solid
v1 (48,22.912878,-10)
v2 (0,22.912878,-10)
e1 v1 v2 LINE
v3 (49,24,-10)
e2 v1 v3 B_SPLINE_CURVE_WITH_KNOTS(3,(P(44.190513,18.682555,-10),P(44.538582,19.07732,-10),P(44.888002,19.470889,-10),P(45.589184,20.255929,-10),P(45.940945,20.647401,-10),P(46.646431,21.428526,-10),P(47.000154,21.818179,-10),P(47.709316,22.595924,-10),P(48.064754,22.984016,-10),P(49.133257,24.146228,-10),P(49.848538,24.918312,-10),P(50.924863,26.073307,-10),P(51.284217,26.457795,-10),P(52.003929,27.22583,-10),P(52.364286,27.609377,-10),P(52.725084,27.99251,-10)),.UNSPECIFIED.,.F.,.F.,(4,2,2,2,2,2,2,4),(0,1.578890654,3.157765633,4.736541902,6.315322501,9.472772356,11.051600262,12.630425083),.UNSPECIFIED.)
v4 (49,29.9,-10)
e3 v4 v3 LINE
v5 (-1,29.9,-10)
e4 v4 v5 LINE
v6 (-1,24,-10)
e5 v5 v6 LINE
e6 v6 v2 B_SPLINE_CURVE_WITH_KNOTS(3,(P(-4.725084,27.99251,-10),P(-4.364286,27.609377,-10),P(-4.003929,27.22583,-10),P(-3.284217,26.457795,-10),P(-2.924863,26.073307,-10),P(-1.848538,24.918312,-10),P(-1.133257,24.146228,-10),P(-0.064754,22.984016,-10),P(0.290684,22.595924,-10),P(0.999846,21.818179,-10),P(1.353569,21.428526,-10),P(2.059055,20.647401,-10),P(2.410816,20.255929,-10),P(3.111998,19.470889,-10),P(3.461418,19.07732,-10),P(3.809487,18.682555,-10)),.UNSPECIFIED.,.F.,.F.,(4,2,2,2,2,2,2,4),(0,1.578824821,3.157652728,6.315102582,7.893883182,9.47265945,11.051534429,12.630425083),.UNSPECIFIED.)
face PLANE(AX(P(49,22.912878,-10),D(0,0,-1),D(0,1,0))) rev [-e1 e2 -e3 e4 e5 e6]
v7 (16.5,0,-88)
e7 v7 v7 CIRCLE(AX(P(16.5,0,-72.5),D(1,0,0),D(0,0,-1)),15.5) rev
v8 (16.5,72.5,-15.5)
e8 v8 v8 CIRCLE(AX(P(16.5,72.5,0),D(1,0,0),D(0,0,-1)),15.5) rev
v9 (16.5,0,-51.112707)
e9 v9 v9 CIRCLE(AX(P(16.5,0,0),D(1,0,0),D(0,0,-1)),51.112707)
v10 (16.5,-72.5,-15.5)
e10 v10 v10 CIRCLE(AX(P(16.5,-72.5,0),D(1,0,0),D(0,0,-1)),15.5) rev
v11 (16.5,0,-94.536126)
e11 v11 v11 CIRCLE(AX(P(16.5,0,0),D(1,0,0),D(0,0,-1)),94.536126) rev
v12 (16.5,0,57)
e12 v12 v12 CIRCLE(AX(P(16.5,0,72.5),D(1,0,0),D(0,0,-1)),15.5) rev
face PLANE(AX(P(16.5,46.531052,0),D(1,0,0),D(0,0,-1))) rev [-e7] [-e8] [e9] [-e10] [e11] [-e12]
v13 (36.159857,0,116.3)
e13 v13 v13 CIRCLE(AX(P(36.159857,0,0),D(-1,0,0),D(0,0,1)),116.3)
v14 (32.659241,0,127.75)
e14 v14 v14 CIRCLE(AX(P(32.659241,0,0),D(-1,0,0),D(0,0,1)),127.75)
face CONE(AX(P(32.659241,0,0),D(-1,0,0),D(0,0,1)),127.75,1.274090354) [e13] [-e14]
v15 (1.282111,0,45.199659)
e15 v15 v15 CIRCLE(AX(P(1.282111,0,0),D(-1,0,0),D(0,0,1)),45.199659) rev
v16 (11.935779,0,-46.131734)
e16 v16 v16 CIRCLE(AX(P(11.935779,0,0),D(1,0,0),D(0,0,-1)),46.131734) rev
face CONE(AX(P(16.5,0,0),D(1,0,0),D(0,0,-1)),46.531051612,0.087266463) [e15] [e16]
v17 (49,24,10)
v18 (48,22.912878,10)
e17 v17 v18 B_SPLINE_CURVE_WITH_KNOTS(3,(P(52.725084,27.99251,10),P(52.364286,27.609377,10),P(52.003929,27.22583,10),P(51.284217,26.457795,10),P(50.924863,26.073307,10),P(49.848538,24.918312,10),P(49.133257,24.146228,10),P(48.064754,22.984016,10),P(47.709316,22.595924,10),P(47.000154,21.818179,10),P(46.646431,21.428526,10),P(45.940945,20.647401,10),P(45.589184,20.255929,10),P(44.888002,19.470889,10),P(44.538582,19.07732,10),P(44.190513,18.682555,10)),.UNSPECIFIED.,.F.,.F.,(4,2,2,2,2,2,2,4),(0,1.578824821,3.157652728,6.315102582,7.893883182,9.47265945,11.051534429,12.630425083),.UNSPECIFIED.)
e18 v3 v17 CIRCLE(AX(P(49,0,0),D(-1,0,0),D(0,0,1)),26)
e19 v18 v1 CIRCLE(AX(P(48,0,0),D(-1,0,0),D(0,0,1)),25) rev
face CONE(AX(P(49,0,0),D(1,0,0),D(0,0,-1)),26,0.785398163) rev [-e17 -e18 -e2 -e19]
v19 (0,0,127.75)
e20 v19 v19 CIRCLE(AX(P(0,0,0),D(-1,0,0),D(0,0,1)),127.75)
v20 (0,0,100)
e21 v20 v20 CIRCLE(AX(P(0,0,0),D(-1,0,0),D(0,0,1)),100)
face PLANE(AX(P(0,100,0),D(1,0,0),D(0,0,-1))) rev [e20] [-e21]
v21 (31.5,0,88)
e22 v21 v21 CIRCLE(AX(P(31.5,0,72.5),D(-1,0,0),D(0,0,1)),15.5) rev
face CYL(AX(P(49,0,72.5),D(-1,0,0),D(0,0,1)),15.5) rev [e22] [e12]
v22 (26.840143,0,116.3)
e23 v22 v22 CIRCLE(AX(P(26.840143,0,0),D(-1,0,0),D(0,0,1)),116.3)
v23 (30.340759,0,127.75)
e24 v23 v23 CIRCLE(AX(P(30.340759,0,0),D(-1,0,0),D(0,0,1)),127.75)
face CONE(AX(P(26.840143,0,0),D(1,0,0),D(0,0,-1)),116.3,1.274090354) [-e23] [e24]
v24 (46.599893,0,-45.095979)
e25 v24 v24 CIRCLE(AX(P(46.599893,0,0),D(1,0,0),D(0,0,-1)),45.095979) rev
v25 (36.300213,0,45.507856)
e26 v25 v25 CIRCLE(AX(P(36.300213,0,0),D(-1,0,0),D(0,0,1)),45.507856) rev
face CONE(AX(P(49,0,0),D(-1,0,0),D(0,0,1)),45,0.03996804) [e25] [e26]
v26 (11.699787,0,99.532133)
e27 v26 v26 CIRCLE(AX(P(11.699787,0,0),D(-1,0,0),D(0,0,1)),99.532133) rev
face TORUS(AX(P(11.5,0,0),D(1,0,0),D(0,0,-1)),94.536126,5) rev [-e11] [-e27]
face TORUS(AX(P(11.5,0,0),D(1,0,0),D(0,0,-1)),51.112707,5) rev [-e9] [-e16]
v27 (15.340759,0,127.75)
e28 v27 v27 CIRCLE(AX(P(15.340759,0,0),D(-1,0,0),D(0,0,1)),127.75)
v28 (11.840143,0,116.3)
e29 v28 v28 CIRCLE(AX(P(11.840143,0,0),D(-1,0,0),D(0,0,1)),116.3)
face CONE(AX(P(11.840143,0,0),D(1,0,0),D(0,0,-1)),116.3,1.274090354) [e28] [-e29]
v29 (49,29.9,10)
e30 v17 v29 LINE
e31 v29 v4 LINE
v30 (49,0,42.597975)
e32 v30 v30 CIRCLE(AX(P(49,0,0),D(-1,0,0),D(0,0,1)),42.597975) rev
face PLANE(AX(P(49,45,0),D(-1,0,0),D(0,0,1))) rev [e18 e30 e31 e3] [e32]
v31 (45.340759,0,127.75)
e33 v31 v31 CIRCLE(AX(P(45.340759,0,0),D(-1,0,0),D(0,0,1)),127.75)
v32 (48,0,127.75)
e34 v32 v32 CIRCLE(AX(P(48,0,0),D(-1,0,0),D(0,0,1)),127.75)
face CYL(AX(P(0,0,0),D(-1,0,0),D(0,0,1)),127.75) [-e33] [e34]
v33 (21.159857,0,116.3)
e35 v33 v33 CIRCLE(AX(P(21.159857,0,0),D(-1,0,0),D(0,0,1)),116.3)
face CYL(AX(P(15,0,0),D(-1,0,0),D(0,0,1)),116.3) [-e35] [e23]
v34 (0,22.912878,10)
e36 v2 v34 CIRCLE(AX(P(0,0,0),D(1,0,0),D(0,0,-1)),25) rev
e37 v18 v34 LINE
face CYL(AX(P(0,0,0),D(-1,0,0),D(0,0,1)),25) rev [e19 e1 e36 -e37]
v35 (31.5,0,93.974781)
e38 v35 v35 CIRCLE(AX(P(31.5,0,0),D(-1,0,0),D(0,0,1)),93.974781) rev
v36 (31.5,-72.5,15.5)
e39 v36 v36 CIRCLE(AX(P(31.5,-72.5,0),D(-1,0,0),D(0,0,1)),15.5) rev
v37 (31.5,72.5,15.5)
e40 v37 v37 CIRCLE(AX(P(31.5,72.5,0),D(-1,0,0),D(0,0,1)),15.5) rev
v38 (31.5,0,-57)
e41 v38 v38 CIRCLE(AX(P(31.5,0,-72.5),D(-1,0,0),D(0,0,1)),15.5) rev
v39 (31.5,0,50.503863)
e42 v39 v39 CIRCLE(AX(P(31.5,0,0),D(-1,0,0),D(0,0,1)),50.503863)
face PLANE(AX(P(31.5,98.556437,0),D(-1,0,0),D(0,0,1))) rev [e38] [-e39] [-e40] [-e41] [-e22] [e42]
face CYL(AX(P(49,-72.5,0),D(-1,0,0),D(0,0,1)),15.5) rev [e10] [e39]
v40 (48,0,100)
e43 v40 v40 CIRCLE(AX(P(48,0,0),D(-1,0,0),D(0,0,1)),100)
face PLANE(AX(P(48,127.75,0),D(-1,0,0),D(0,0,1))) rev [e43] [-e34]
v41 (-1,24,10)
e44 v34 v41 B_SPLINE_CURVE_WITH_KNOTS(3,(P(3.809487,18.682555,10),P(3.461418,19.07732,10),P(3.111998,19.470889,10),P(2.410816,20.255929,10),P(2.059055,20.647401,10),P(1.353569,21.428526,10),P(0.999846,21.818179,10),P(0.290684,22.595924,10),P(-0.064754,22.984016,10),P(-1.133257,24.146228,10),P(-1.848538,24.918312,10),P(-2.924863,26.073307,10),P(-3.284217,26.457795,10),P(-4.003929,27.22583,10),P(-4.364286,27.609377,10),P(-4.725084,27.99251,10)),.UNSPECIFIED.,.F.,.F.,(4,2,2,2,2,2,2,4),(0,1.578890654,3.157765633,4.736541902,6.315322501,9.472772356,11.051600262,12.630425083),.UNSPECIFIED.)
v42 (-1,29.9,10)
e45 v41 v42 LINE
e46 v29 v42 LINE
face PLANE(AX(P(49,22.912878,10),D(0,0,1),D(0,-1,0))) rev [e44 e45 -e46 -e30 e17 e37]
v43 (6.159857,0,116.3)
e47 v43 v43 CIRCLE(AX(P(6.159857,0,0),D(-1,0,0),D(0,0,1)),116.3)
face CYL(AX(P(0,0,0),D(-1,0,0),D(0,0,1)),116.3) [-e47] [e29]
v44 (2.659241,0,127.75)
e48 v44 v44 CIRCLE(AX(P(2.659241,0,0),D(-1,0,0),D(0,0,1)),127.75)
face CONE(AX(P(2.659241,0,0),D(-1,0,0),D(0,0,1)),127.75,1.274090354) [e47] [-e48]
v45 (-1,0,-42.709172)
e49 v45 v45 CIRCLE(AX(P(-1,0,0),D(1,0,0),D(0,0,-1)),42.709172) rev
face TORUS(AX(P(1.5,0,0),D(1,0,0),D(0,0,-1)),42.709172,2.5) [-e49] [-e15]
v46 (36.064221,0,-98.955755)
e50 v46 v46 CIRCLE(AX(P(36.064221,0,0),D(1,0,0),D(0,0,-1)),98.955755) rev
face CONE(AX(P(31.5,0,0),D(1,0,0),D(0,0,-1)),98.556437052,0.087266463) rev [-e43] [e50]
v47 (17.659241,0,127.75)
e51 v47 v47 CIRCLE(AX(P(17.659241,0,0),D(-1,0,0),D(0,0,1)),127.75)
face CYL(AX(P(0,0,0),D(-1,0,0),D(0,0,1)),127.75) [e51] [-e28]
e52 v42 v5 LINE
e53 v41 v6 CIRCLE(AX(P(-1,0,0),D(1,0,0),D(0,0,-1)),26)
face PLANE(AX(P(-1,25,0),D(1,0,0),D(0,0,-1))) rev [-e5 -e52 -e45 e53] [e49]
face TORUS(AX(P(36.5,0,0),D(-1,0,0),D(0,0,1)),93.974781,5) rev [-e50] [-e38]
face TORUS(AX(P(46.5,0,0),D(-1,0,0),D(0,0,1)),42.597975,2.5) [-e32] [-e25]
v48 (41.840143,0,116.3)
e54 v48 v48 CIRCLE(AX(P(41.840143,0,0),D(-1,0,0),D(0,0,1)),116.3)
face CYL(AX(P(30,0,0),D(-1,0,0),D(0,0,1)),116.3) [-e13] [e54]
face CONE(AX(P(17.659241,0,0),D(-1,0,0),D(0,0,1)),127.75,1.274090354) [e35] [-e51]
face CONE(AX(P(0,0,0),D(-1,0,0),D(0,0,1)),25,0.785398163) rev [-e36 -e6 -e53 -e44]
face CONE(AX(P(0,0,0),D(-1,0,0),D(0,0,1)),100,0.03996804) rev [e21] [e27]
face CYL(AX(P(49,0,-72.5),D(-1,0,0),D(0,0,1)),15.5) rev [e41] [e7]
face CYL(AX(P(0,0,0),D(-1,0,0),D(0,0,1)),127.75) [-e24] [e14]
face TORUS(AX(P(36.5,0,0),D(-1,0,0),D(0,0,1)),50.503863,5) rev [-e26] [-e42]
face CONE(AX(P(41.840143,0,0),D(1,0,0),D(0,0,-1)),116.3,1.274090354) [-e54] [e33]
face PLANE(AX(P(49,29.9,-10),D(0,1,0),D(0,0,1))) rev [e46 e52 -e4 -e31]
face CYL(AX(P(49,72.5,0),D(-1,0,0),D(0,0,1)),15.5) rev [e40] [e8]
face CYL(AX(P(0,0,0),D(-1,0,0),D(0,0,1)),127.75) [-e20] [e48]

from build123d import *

# Parameters (mm, degrees)
PATTERN_LINEAR_1019_COUNT   = 3
PATTERN_LINEAR_1019_PITCH   = 15
CHAMFER_1_SIZE              = 1
SKETCH_4_W                  = 20
SKETCH_4_H                  = 6.987121525
CUT_EXTRUDE_1_DEPTH         = 188.456995068
FILLET_1_R                  = 5
FILLET_2_R                  = 2.5
SKETCH_5_R                  = 15.5
CUT_EXTRUDE_2_DEPTH         = 188.192748257
PATTERN_CIRCULAR_1950_COUNT = 4


with BuildPart() as part:
    # 草图1 → 旋转1 (revolve)
    with BuildSketch(Plane.XY, mode=Mode.PRIVATE) as revolve_1_sk:
        Polygon((-1, 25), (-1, 45), (16.5, 46.531051612), (16.5, 99.340175961), (0, 100), (0, 127.75), (48, 127.75), (48, 100), (31.5, 98.556437052), (31.5, 45.699813375), (49, 45), (49, 25), align=None)
    revolve(revolve_1_sk.sketch.rotate(Axis((0, 0, 0), (1, 0, 0)), 90), axis=Axis((0, 0, 0), (1, 0, 0)))

    # 草图2 → 切除-旋转1 (revolve, cut)
    with BuildSketch(Plane.XY, mode=Mode.PRIVATE) as cut_revolve_1_sk:
        Polygon((11.840143071, 116.3), (15.340759374, 127.75), (2.659240626, 127.75), (6.159856929, 116.3), align=None)
    cut_revolve_1 = revolve(cut_revolve_1_sk.sketch.rotate(Axis((0, 0, 0), (1, 0, 0)), 90), axis=Axis((0, 0, 0), (1, 0, 0)), mode=Mode.SUBTRACT)

    # Pattern Linear 1019: 切除-旋转1 ×3
    with Locations(*[(i * PATTERN_LINEAR_1019_PITCH, 0, 0) for i in range(1, PATTERN_LINEAR_1019_COUNT)]):
        add(cut_revolve_1, mode=Mode.SUBTRACT)

    # 倒角1
    chamfer_1_edges = [part.edges().sort_by_distance(p)[0] for p in [
        (-1, 0, -25),
        (49, 0, -25),
    ]]
    chamfer(chamfer_1_edges, length=CHAMFER_1_SIZE)

    # 草图4 → 切除-拉伸1 (cut, through all)
    with BuildSketch(Plane.ZY.offset(1)):
        with Locations((0, 26.406439238)):
            Rectangle(SKETCH_4_W, SKETCH_4_H)
    extrude(amount=-CUT_EXTRUDE_1_DEPTH, mode=Mode.SUBTRACT)

    # 圆角1
    fillet_1_edges = [part.edges().sort_by_distance(p)[0] for p in [
        (16.5, 0, -99.340175961),
        (16.5, 0, -46.531051612),
        (31.5, 0, -45.699813375),
        (31.5, 0, -98.556437052),
    ]]
    fillet(fillet_1_edges, radius=FILLET_1_R)

    # 圆角2
    fillet_2_edges = [part.edges().sort_by_distance(p)[0] for p in [
        (-1, 0, -45),
        (49, 0, -45),
    ]]
    fillet(fillet_2_edges, radius=FILLET_2_R)

    # 草图5 → 切除-拉伸2 (cut, through all)
    with BuildSketch(Plane(origin=(0, 0, 0), x_dir=(0, 0, -1), z_dir=(1, 0, 0))):
        with Locations(Location((0, 72.5, 0), (0, 0, 180))):
            Circle(SKETCH_5_R)
    cut_extrude_2 = extrude(amount=CUT_EXTRUDE_2_DEPTH, mode=Mode.SUBTRACT)

    # Pattern Circular 1950: 切除-拉伸2 ×4 about axis
    pattern_circular_1950_axis = Axis((0, 0, 0), (1, 0, 0))
    for i in range(1, PATTERN_CIRCULAR_1950_COUNT):
        add(cut_extrude_2.rotate(pattern_circular_1950_axis, i * 360 / PATTERN_CIRCULAR_1950_COUNT), mode=Mode.SUBTRACT)


solid = part.part
